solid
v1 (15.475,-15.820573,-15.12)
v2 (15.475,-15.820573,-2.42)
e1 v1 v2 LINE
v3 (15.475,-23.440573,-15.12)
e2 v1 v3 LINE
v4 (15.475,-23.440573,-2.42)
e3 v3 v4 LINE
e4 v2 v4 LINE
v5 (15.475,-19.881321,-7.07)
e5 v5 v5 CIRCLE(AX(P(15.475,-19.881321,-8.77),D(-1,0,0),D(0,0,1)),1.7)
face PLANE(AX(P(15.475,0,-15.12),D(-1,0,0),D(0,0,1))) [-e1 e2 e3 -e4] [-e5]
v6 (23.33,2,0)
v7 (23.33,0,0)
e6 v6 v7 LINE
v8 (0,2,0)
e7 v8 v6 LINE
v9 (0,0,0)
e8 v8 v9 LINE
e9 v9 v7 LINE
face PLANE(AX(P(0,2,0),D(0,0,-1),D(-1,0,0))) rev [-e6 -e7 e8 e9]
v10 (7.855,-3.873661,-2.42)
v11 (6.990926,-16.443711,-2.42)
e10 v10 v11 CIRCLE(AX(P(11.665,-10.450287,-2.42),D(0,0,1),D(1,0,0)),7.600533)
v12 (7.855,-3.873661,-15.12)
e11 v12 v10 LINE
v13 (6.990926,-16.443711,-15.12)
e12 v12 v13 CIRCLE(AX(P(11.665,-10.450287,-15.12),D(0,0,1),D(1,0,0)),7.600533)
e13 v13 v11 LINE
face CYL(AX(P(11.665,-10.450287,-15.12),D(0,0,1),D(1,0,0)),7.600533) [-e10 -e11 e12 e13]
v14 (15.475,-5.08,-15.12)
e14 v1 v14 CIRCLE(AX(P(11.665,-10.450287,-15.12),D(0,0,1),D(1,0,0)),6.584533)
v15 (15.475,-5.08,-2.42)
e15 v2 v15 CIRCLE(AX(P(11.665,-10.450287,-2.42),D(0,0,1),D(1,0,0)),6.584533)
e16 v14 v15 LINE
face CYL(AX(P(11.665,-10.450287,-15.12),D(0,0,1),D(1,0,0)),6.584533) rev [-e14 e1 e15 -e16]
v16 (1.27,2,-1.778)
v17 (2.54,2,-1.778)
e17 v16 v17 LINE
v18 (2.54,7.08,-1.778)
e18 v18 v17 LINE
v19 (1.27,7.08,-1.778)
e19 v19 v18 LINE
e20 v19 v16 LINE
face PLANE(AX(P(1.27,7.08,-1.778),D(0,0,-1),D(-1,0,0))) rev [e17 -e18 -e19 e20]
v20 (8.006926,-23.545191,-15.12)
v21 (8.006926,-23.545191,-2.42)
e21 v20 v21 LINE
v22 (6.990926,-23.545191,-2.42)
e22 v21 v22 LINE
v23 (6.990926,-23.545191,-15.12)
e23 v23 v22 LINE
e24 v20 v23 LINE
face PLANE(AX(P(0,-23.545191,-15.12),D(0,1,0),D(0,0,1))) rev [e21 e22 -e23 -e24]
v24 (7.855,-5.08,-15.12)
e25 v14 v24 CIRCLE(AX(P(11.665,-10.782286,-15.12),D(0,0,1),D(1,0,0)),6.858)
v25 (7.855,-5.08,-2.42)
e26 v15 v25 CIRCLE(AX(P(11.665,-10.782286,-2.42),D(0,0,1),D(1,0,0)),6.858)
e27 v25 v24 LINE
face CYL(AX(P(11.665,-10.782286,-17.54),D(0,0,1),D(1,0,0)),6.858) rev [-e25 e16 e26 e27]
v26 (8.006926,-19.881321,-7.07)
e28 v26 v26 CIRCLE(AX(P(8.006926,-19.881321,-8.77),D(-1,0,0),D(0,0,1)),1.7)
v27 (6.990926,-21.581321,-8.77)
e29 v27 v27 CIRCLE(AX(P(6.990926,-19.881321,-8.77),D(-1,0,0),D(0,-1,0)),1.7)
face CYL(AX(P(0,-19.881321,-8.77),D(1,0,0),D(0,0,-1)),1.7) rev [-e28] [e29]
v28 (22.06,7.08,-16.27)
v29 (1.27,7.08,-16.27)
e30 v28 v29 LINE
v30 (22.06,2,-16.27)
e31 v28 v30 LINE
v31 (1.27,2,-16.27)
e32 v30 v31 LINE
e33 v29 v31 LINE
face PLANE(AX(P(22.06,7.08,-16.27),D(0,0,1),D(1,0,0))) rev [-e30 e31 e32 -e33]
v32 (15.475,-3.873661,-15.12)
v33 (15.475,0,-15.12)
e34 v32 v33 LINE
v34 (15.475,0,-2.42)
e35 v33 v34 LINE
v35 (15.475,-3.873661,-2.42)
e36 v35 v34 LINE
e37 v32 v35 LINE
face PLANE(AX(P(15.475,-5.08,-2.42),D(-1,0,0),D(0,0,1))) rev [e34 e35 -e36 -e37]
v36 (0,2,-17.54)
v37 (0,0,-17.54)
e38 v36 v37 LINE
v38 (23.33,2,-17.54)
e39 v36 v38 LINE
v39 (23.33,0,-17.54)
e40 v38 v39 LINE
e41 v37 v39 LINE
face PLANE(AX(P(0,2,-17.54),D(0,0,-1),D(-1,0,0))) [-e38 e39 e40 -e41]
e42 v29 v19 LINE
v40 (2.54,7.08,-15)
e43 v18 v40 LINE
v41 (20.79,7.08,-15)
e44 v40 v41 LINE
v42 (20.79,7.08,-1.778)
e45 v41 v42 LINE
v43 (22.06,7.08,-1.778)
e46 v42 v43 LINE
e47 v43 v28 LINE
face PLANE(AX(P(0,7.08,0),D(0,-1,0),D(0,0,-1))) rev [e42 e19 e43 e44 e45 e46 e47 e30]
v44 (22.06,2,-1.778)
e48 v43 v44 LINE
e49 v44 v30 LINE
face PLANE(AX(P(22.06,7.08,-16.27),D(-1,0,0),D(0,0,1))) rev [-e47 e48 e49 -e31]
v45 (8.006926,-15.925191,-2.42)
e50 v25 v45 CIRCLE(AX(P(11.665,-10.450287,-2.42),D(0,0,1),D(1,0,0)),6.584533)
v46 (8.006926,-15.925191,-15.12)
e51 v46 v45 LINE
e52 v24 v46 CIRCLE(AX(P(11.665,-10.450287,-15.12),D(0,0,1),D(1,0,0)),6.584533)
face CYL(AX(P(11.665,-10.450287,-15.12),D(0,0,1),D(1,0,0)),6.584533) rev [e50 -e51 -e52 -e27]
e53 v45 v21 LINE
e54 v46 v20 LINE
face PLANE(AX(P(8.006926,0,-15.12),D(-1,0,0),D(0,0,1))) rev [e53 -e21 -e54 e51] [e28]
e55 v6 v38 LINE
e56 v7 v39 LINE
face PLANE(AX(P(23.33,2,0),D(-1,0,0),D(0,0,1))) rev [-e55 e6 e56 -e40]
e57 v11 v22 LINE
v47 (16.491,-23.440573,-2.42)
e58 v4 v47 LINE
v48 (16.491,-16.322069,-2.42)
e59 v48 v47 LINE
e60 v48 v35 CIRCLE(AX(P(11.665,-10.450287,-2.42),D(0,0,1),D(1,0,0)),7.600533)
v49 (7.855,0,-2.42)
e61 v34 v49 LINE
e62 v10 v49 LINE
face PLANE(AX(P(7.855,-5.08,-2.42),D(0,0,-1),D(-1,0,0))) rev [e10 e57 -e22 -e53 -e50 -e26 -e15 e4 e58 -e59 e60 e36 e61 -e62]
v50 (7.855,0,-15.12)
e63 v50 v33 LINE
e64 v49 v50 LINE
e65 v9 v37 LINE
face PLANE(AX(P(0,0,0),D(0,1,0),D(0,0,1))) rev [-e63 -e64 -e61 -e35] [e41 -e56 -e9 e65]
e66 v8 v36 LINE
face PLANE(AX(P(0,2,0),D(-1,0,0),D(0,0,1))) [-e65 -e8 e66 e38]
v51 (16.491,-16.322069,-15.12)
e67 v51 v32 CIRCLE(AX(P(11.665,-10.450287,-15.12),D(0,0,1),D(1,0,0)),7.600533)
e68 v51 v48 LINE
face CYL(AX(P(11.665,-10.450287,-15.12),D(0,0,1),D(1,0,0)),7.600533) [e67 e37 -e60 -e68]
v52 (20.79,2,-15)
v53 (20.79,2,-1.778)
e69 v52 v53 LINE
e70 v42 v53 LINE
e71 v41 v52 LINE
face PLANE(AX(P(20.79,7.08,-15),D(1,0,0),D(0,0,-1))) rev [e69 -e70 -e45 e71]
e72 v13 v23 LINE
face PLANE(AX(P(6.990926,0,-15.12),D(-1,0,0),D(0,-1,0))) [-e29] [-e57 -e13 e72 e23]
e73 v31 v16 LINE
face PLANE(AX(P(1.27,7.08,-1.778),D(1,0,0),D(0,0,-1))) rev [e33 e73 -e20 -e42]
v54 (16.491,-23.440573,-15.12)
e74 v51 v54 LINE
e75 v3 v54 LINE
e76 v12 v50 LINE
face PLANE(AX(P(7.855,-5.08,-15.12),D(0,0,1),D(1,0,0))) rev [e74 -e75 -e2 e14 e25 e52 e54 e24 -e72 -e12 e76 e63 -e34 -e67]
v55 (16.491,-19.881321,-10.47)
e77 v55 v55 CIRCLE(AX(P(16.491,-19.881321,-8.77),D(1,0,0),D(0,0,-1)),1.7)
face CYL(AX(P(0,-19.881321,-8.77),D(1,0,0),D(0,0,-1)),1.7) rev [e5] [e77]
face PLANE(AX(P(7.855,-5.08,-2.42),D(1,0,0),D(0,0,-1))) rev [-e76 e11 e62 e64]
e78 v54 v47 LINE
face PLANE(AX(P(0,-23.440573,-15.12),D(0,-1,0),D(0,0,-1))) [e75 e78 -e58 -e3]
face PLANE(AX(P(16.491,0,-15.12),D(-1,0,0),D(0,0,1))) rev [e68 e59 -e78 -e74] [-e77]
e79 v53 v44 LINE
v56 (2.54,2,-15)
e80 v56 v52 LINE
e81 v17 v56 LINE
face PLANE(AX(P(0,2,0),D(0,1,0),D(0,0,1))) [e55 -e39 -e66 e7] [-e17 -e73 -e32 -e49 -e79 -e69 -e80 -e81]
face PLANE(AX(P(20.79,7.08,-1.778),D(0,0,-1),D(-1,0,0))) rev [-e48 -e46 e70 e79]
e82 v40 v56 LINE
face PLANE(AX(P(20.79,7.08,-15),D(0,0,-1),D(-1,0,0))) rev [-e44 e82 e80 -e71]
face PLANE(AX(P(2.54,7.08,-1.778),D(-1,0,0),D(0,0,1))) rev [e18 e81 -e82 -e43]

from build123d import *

# Parameters (mm, degrees)
SKETCH1_W           = 23.330000076
SKETCH1_H           = 17.539999972
BOSS_EXTRUDE1_DEPTH = 2
BOSS_EXTRUDE2_DEPTH = 5.08
SKETCH3_W           = 7.62
SKETCH3_H           = 12.7
BOSS_EXTRUDE3_DEPTH = 5.08
SKETCH4_R           = 6.858
CUT_EXTRUDE2_DEPTH  = 29.688494264
BOSS_EXTRUDE4_DEPTH = 12.7
SKETCH6_R           = 1.7
CUT_EXTRUDE3_DEPTH  = 34.67462964


with BuildPart() as part:
    # Sketch1 → Boss-Extrude1 (new body)
    with BuildSketch(Plane(origin=(0, 0, 0), x_dir=(1, 0, 0), z_dir=(0, 1, 0))):
        with Locations((11.665000038, 8.769999986)):
            Rectangle(SKETCH1_W, SKETCH1_H)
    extrude(amount=BOSS_EXTRUDE1_DEPTH)

    # Sketch2 → Boss-Extrude2 (add)
    with BuildSketch(Plane(origin=(0, 2, 0), x_dir=(1, 0, 0), z_dir=(0, 1, 0))):
        Polygon((1.27, 1.778), (1.27, 16.269999972), (22.060000076, 16.269999972), (22.060000076, 1.778), (20.790000076, 1.778), (20.790000076, 14.999999972), (2.54, 14.999999972), (2.54, 1.778), align=None)
    extrude(amount=BOSS_EXTRUDE2_DEPTH)

    # Sketch3 → Boss-Extrude3 (add)
    with BuildSketch(Plane.XZ):
        with Locations((11.665000038, -8.769999986)):
            Rectangle(SKETCH3_W, SKETCH3_H)
    extrude(amount=BOSS_EXTRUDE3_DEPTH)

    # Sketch4 → Cut-Extrude2 (cut, through all)
    with BuildSketch(Plane.XY.offset(-2.419999986)):
        with Locations((11.665000038, -10.782285857)):
            Circle(SKETCH4_R)
    extrude(amount=-CUT_EXTRUDE2_DEPTH, mode=Mode.SUBTRACT)

    # Sketch5 → Boss-Extrude4 (add)
    with BuildSketch(Plane.XY.offset(-2.419999986)):
        with BuildLine():
            ThreePointArc((15.475000038, -5.08), (18.249533344, -10.450286665), (15.475000038, -15.820573329))
            Line((15.475000038, -15.820573329), (15.475000038, -17.026912436))
            Line((15.475000038, -17.026912436), (15.475000038, -23.440573329))
            Line((15.475000038, -23.440573329), (16.491000038, -23.440573329))
            Line((16.491000038, -23.440573329), (16.491000038, -16.322069234))
            ThreePointArc((16.491000038, -16.322069234), (19.240344357, -9.832010848), (15.475000038, -3.873660893))
            Line((15.475000038, -3.873660893), (15.475000038, -5.08))
        make_face()
        with BuildLine():
            ThreePointArc((8.006925979, -15.925190594), (5.081112714, -10.542517711), (7.855000038, -5.08))
            Line((7.855000038, -5.08), (7.855000038, -3.873660893))
            ThreePointArc((7.855000038, -3.873660893), (4.08236068, -9.929050728), (6.990925979, -16.443711247))
            Line((6.990925979, -16.443711247), (6.990925979, -23.545190594))
            Line((6.990925979, -23.545190594), (8.006925979, -23.545190594))
            Line((8.006925979, -23.545190594), (8.006925979, -17.112613639))
            Line((8.006925979, -17.112613639), (8.006925979, -15.925190594))
        make_face()
    extrude(amount=-BOSS_EXTRUDE4_DEPTH)

    # Sketch6 → Cut-Extrude3 (cut, through all)
    with BuildSketch(Plane(origin=(16.491000038, 0, 0), x_dir=(0, 0, -1), z_dir=(1, 0, 0))):
        with Locations(Location((8.769999986, -19.881321281, 0), (0, 0, 270))):
            Circle(SKETCH6_R)
    extrude(amount=-CUT_EXTRUDE3_DEPTH, mode=Mode.SUBTRACT)


solid = part.part
